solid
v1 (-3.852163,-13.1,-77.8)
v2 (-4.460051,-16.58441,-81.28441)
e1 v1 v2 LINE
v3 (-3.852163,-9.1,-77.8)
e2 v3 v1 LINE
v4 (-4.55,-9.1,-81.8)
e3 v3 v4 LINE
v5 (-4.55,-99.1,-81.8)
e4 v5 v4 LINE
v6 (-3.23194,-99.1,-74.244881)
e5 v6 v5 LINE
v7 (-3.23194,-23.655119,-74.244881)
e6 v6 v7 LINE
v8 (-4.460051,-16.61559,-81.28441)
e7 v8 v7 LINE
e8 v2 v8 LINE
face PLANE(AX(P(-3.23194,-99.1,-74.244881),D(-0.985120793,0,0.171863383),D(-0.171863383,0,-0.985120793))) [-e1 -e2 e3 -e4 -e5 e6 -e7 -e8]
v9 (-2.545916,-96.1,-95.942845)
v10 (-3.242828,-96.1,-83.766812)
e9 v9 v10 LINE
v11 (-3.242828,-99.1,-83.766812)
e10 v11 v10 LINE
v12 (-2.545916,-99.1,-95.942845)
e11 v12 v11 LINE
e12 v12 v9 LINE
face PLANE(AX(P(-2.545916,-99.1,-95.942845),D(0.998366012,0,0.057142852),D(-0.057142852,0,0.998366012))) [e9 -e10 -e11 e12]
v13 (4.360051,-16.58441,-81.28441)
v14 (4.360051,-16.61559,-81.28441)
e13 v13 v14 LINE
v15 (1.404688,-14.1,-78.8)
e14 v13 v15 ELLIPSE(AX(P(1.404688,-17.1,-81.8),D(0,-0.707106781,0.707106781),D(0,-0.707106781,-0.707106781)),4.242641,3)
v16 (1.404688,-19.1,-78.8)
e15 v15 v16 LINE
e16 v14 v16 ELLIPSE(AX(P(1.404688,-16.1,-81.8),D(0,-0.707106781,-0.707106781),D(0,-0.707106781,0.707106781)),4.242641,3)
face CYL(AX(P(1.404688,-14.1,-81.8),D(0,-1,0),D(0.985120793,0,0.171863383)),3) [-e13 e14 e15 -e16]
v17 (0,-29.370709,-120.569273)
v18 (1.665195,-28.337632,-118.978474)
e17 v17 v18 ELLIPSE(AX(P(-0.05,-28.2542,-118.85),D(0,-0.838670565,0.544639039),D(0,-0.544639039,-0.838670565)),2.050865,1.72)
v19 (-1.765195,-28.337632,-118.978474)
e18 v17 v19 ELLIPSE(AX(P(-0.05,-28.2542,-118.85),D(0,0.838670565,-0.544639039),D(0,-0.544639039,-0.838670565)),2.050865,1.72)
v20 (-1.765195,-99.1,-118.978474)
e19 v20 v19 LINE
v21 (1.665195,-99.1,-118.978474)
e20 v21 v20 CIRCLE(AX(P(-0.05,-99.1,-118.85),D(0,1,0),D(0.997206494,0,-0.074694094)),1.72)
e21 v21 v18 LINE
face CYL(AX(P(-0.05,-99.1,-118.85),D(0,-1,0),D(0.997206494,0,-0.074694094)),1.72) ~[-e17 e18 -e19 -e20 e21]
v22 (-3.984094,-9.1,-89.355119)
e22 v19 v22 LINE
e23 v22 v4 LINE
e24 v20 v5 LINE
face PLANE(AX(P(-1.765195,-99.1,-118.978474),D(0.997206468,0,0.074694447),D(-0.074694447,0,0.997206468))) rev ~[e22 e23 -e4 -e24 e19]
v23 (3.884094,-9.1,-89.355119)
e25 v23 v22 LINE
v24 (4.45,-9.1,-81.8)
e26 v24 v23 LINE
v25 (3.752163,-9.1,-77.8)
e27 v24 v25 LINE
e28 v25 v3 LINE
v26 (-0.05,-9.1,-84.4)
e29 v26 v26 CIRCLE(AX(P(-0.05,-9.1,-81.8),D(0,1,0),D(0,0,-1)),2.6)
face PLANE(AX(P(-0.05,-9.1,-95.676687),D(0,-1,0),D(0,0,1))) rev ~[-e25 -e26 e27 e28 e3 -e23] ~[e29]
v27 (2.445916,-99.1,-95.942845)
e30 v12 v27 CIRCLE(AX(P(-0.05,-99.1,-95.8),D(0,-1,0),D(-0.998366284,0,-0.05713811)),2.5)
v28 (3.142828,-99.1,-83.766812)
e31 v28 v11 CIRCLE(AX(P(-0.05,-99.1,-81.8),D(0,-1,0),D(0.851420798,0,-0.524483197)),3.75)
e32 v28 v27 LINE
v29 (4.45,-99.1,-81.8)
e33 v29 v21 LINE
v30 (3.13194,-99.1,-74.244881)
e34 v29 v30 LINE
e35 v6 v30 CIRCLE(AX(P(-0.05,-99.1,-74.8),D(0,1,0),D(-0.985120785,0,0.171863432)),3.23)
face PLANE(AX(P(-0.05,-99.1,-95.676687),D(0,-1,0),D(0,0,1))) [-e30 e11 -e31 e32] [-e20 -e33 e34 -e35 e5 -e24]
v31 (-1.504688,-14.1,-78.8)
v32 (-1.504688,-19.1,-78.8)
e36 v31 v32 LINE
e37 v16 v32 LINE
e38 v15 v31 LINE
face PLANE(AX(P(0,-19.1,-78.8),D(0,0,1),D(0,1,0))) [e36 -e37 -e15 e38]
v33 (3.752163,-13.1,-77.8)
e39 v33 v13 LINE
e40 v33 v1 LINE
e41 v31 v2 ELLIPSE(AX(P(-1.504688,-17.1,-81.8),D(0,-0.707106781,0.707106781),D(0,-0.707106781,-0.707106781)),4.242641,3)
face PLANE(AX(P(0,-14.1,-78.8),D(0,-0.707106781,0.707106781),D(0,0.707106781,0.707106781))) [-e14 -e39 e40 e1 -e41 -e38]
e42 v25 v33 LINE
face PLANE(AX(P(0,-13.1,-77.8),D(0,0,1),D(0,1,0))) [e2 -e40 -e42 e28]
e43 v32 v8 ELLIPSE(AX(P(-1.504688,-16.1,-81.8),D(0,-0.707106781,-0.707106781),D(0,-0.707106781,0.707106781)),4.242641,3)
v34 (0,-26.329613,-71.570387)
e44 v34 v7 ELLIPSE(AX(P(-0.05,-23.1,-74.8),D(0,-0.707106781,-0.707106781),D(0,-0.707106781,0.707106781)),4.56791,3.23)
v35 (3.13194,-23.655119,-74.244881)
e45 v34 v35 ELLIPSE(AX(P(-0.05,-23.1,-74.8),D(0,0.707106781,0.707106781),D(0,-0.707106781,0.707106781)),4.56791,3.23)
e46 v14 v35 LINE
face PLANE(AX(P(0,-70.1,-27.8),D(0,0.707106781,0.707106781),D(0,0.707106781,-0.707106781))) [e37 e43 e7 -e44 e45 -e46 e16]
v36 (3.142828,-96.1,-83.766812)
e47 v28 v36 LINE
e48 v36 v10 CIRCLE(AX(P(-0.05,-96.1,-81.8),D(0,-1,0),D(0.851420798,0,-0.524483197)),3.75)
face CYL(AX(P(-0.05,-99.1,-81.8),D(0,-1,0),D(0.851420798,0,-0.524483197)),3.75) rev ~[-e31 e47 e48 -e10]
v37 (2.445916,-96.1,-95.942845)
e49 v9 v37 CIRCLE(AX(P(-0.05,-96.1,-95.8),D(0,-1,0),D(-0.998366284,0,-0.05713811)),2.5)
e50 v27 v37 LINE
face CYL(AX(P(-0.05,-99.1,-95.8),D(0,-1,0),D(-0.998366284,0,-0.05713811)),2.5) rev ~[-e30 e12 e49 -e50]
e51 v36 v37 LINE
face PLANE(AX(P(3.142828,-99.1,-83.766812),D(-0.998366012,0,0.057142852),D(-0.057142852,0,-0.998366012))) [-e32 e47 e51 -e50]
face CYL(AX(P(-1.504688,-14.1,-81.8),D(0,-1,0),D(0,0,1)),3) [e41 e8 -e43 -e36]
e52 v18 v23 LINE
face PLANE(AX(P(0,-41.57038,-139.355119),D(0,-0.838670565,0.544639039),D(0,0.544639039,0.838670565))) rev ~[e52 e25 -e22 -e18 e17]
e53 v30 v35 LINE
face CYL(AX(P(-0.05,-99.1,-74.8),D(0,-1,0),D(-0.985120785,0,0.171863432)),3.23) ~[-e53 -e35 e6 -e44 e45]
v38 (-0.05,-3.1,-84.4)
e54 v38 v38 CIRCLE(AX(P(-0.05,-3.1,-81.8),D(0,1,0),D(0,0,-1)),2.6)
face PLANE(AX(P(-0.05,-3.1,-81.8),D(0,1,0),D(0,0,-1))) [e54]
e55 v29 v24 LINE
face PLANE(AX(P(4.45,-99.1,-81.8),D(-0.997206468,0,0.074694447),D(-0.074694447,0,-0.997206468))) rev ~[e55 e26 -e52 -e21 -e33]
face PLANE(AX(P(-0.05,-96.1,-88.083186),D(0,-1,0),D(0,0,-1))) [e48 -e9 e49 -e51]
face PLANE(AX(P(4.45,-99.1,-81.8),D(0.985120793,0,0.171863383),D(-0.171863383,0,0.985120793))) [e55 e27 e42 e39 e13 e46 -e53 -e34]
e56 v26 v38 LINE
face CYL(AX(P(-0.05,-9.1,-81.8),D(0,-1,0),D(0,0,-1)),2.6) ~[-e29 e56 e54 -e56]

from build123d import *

# Parameters (mm, degrees)
PAD004_DEPTH      = 90
POCKET_DEPTH      = 4.551
POCKET_DEPTH_BACK = 4.451
SKETCH028_R       = 2.6
PAD011_DEPTH      = 6
POCKET014_DEPTH   = 3
FILLET011_R       = 3


with BuildPart() as part:
    # Sketch008 (on Face1 of CopyFusion010) → Pad004 (new body)
    with BuildSketch(Plane(origin=(-0.05, -99.1, -81.8), x_dir=(0, 0, -1), z_dir=(0, 1, 0))):
        with BuildLine():
            Line((0, -4.5), (-7.555119, -3.18194))
            ThreePointArc((-7.555119, 3.18194), (-10.23, 0), (-7.555119, -3.18194))
            Line((-7.555119, 3.18194), (0, 4.5))
            Line((37.178474, 1.715195), (0, 4.5))
            ThreePointArc((37.178474, -1.715195), (38.77, 0), (37.178474, 1.715195))
            Line((0, -4.5), (37.178474, -1.715195))
        make_face()
    extrude(amount=PAD004_DEPTH)

    # Sketch027 → Pocket (cut, two sides)
    with BuildSketch(Plane.YZ) as pocket_sk:
        Polygon((-9.1, -139.355119), (-41.57038, -139.355119), (-9.1, -89.355119), align=None)
        Polygon((-9.1, -27.8), (-70.1, -27.8), (-19.1, -78.8), (-14.1, -78.8), (-13.1, -77.8), (-9.1, -77.8), align=None)
    extrude(amount=-POCKET_DEPTH, mode=Mode.SUBTRACT)
    extrude(pocket_sk.sketch, amount=POCKET_DEPTH_BACK, mode=Mode.SUBTRACT)

    # Sketch028 (on Face8 of Pocket) → Pad011 (join)
    with BuildSketch(Plane(origin=(-0.05, -9.1, -81.8), x_dir=(0, 0, -1), z_dir=(0, 1, 0))):
        Circle(SKETCH028_R)
    extrude(amount=PAD011_DEPTH)

    # Sketch038 (on Face2 of Pad011) → Pocket014 (cut)
    with BuildSketch(Plane(origin=(-0.05, -99.1, -81.8), x_dir=(0, 0, -1), z_dir=(0, -1, 0))):
        with BuildLine():
            ThreePointArc((1.966812, 3.192828), (-3.75, 0), (1.966812, -3.192828))
            Line((14.142845, -2.495916), (1.966812, -3.192828))
            ThreePointArc((14.142845, -2.495916), (16.5, 0), (14.142845, 2.495916))
            Line((1.966812, 3.192828), (14.142845, 2.495916))
        make_face()
    extrude(amount=-POCKET014_DEPTH, mode=Mode.SUBTRACT)

    # Fillet011
    fillet011_edges = [part.edges().sort_by_distance(p)[0] for p in [
        (3.926622, -16.6, -78.8),
        (-4.026622, -16.6, -78.8),
    ]]
    fillet(fillet011_edges, radius=FILLET011_R)


solid = part.part
